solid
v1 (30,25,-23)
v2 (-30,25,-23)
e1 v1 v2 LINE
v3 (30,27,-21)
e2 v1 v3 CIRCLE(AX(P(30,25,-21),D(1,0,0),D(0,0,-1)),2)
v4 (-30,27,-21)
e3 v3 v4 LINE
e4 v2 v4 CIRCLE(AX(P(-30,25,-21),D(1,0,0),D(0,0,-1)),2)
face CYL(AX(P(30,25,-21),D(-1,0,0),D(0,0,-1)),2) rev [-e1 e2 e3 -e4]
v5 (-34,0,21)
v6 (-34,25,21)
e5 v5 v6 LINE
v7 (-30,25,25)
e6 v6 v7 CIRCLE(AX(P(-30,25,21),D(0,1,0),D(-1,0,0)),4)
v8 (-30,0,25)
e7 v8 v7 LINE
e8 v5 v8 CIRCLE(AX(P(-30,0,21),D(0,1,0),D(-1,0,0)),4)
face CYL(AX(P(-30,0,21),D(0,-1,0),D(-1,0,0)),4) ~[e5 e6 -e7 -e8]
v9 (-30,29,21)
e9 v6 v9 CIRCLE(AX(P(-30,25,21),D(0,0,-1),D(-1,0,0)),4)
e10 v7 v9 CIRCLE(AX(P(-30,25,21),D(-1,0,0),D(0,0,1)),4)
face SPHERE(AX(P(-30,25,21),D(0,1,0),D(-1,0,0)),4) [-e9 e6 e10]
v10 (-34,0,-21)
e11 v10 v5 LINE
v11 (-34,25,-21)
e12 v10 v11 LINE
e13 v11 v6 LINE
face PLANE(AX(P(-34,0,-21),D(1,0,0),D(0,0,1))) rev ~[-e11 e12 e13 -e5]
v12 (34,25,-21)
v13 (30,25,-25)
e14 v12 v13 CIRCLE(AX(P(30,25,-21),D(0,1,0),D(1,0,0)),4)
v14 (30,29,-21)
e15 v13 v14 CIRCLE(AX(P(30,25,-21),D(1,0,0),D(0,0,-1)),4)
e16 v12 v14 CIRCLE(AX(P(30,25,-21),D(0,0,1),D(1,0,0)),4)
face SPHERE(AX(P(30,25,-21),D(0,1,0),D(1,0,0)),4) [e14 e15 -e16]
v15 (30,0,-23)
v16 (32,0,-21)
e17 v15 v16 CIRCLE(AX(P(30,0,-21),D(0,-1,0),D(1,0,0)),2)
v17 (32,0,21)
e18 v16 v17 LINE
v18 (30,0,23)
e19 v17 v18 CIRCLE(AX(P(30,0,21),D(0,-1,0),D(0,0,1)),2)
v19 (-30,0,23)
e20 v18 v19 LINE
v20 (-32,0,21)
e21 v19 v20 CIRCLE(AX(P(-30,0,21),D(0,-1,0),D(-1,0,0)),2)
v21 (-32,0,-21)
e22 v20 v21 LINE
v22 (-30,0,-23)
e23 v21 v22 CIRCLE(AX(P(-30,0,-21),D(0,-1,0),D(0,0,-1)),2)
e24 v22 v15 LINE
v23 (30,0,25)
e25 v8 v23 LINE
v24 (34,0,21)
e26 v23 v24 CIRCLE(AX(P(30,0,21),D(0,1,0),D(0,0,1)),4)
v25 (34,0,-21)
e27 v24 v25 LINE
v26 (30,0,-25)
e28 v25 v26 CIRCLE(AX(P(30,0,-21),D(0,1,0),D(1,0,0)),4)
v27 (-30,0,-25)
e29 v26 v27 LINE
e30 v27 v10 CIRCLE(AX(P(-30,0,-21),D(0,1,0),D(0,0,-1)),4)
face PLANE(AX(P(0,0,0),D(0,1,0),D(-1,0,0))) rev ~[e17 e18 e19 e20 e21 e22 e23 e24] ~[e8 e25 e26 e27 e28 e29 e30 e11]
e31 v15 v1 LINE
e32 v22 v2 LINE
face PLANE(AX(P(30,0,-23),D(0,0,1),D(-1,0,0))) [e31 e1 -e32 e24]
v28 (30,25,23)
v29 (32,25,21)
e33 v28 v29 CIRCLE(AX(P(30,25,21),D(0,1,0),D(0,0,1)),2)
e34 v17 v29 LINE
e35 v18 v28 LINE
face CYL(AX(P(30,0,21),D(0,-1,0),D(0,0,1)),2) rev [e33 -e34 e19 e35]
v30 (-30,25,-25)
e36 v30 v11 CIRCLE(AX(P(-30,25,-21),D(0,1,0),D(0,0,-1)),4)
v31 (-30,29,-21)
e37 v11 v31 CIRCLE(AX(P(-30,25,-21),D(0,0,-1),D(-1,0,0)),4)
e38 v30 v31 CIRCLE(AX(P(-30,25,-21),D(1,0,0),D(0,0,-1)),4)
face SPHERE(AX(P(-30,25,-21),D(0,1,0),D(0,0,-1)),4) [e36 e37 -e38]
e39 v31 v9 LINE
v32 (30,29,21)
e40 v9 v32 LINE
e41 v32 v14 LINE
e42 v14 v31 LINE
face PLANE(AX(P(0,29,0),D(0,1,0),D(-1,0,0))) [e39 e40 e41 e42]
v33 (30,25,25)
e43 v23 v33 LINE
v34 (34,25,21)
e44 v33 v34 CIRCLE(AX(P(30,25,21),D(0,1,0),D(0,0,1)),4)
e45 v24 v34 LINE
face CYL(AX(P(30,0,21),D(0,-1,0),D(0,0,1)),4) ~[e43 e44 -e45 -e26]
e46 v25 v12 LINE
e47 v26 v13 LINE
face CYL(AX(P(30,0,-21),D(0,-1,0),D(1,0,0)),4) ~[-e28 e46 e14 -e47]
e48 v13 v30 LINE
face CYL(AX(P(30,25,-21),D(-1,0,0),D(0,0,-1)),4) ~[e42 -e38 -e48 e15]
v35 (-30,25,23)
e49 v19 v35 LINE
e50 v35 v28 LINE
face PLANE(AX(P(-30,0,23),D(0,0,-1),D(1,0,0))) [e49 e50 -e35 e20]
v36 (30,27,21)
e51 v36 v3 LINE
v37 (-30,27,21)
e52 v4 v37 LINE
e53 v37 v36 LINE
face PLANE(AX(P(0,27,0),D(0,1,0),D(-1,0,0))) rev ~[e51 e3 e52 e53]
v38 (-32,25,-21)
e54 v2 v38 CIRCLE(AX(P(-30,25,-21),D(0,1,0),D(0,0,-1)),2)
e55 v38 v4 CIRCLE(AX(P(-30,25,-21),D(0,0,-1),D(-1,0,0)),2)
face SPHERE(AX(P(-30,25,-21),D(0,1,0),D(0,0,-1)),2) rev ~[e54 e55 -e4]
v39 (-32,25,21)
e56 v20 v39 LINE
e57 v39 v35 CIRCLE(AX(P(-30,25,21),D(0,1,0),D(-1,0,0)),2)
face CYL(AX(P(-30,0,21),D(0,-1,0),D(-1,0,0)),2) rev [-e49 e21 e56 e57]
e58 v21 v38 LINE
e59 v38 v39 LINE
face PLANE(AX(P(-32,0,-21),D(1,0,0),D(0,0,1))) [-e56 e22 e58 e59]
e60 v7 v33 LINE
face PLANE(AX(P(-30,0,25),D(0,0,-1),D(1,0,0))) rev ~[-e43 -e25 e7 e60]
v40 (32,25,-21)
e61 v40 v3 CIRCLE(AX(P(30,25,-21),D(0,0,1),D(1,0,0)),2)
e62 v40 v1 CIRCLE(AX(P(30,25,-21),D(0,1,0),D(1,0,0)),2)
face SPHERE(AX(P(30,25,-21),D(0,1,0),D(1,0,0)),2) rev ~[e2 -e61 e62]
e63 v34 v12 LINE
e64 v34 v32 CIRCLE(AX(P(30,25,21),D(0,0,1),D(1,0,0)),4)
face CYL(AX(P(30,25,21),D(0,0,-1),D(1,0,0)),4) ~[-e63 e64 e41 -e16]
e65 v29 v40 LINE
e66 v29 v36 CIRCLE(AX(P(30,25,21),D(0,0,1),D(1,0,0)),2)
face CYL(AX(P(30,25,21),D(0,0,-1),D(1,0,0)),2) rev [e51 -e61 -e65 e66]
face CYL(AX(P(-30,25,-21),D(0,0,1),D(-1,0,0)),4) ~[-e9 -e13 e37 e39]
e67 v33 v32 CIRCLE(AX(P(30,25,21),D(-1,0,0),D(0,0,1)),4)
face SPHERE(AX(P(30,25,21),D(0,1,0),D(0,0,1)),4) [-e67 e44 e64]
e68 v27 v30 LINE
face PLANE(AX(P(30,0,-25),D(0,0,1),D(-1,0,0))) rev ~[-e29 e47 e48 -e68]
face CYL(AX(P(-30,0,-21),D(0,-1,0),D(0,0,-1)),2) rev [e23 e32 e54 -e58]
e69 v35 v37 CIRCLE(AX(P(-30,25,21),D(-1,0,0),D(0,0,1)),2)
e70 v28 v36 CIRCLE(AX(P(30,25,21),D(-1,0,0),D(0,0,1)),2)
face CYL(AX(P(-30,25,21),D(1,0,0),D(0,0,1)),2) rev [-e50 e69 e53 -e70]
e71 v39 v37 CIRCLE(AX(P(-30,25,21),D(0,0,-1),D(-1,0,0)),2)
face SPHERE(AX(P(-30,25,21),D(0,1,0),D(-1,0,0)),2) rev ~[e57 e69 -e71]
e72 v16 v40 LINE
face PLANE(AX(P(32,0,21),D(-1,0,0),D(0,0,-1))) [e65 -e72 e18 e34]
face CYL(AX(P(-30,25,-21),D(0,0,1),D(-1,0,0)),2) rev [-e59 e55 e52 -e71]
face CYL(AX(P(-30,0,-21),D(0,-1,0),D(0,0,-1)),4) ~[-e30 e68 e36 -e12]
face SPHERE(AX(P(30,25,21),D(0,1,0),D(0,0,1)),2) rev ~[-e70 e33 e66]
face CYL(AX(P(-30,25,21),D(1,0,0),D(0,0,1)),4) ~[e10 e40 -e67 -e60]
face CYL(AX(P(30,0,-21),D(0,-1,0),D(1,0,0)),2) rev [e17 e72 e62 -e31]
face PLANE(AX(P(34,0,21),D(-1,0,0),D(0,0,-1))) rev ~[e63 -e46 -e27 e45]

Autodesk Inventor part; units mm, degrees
ref_plane "YZ Plane" through (0, 0, 0) normal (1, 0, 0) x (0, 1, 0)
ref_plane "XZ Plane" through (0, 0, 0) normal (0, 1, 0) x (-1, 0, 0)
ref_plane "XY Plane" through (0, 0, 0) normal (0, 0, 1) x (1, 0, 0)
sketch "Sketch1" plane through (0, 0, 0) normal (0, 1, 0) x (-1, 0, 0)
  line L0 (30, 25) -> (-30, 25)
  line L1 (-34, 21) -> (-34, -21)
  line L2 (-30, -25) -> (30, -25)
  line L3 (34, -21) -> (34, 21)
  line L4 (34, 25) -> (-34, -25) construction
  line L5 (-34, 25) -> (34, -25) construction
  arc A0 (30, -25) -> (34, -21) centre (30, -21) ccw
  arc A1 (34, 21) -> (30, 25) centre (30, 21) ccw
  arc A2 (-30, 25) -> (-34, 21) centre (-30, 21) ccw
  arc A3 (-34, -21) -> (-30, -25) centre (-30, -21) ccw
  point P0 (0, 0)
  dimension "d0" = 68
  dimension "d1" = 50
  dimension "d2" = 4
extrude "Extrusion1" add sketch "Sketch1" along normal blind 29
fillet "Fillet1" radius 4 8 edges at (32.8284, 29, 23.8284) (34, 29, 0) (32.8284, 29, -23.8284) (0, 29, -25) (-32.8284, 29, -23.8284) (-34, 29, 0) (-32.8284, 29, 23.8284) (0, 29, 25)
shell "Shell1" thickness 2 removed faces 1 at (10, 0, 8.3333)
properties part number "Fuse Box 6-way-lid" material "PMMA Plastic"
